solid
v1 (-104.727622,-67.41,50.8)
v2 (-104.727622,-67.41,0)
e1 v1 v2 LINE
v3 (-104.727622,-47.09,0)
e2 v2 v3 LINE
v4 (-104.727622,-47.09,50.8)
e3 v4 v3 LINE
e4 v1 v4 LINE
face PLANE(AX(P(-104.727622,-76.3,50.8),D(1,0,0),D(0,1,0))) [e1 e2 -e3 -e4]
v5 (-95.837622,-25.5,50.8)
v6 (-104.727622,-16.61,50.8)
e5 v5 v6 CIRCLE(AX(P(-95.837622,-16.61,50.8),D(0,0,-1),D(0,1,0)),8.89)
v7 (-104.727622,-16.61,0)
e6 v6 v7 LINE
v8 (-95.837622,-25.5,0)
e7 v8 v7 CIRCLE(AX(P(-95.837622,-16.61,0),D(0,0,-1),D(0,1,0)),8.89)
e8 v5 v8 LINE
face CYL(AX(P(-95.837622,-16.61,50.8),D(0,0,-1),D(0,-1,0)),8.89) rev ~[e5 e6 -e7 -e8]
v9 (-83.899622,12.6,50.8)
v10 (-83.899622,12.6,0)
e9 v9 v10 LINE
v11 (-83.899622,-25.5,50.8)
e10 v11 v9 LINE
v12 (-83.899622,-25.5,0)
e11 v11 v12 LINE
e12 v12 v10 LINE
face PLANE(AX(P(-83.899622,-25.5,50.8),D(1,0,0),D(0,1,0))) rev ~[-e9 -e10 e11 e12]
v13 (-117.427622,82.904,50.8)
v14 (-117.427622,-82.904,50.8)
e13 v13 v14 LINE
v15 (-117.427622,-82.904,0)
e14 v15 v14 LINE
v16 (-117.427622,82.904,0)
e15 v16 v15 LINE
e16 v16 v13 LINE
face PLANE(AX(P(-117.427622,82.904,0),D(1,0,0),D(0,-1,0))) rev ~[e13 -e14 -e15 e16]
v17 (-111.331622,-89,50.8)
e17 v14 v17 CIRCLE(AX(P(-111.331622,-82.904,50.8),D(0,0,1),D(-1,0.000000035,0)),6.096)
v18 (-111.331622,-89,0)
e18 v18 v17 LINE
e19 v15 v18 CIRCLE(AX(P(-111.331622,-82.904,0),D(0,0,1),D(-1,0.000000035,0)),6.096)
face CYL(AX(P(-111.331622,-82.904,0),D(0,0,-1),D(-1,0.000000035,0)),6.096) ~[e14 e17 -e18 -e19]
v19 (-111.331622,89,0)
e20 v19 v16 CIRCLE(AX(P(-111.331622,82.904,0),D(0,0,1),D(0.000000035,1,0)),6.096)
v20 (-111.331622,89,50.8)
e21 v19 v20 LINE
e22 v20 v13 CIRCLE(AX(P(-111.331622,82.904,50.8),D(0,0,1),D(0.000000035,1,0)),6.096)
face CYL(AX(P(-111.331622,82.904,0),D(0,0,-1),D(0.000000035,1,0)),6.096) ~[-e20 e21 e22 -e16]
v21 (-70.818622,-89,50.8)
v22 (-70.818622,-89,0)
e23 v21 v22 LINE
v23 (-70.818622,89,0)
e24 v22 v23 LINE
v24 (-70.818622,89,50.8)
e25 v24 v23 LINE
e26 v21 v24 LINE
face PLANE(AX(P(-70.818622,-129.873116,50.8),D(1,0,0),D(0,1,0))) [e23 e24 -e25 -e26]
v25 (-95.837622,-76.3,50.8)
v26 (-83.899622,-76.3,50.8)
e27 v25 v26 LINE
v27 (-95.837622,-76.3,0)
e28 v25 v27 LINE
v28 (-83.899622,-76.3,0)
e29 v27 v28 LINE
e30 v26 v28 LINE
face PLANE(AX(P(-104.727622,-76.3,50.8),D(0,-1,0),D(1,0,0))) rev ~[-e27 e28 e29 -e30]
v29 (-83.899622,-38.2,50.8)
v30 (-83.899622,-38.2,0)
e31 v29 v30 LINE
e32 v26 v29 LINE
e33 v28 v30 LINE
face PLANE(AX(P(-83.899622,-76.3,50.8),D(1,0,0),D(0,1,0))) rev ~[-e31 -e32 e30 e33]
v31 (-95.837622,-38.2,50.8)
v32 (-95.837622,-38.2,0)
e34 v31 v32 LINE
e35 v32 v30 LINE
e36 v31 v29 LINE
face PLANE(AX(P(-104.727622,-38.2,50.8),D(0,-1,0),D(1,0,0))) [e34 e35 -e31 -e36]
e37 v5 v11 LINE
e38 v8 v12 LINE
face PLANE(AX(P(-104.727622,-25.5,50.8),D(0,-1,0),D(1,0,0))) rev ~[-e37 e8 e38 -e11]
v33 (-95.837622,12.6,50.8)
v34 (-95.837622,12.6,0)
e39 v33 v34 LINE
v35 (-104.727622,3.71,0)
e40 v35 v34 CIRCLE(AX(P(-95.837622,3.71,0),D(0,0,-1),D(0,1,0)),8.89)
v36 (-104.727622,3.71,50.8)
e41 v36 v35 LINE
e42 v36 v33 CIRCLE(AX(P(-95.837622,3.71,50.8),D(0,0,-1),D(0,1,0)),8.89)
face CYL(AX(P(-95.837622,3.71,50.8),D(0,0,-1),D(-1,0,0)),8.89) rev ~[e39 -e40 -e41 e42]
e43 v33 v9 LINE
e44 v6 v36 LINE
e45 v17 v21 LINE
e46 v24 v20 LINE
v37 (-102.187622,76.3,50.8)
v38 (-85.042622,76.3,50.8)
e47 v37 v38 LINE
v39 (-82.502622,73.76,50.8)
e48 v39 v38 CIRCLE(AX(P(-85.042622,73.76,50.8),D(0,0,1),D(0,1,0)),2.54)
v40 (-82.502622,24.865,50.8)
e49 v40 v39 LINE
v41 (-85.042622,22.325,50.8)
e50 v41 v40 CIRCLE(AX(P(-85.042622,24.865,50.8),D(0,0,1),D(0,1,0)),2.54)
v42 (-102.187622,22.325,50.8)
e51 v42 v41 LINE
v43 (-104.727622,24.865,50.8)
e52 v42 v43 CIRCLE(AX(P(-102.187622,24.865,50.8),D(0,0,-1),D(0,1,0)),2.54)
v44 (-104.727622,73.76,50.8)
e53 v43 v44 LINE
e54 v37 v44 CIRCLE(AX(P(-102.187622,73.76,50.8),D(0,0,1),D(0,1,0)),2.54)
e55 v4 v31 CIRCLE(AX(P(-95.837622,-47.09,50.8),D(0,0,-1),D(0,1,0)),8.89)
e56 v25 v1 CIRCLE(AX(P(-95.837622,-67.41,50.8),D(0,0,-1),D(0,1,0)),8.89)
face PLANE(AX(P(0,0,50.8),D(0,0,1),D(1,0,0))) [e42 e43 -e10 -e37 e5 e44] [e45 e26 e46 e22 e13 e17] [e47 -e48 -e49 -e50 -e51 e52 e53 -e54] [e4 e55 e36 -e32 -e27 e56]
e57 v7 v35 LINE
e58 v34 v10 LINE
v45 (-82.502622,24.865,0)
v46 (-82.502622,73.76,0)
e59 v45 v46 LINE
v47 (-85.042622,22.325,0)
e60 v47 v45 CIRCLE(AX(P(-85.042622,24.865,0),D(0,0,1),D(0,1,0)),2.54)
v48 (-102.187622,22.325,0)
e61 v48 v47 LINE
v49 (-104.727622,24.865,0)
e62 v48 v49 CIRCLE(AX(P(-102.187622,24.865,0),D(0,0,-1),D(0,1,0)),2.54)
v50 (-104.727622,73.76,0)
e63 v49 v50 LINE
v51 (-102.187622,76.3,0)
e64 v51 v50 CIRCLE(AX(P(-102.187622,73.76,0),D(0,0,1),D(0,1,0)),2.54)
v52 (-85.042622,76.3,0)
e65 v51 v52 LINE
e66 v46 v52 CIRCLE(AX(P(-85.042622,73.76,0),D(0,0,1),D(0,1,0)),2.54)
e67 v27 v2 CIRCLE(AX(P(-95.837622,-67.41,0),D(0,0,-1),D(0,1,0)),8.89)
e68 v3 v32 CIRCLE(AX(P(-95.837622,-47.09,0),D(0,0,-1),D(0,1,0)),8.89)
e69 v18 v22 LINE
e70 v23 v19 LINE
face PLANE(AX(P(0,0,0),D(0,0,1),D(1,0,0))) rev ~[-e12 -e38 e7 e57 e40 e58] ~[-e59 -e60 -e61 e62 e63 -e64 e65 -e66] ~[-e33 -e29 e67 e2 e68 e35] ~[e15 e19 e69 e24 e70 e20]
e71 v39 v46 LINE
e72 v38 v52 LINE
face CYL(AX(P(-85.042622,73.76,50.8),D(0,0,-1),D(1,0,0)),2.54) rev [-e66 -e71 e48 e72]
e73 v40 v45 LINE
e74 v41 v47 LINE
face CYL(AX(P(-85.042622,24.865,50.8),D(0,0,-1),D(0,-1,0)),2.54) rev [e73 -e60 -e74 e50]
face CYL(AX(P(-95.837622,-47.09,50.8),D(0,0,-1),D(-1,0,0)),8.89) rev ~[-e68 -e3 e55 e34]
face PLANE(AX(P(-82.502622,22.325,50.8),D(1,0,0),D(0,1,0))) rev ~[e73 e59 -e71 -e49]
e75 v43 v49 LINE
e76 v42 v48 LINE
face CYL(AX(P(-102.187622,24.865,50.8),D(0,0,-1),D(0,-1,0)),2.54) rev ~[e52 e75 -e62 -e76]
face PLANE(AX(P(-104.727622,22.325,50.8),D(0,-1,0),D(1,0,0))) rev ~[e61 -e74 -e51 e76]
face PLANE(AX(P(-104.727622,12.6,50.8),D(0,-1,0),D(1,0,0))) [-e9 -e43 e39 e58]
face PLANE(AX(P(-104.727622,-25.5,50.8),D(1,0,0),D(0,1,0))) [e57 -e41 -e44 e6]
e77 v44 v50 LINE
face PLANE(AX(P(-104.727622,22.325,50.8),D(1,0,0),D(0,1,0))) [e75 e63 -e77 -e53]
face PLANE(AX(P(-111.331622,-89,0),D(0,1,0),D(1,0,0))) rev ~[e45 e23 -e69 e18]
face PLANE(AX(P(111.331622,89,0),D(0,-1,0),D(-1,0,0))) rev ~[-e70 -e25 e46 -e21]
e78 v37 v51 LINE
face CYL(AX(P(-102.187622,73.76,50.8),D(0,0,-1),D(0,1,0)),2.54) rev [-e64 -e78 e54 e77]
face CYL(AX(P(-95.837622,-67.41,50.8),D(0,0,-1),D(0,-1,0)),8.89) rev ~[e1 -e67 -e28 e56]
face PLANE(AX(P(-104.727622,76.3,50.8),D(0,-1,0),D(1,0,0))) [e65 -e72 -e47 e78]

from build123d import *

# Parameters (mm, degrees)
F1_DEPTH = 50.8
F2_W     = 20.828
F2_H     = 38.1
F3_DEPTH = 50.8
F4_W     = 22.225
F4_H     = 53.975
F5_DEPTH = 50.8
F6_R     = 8.89
F7_R     = 2.54
F8_W     = 276.807827
F8_H     = 218.873116
F9_DEPTH = 50.8


with BuildPart() as f1:
    # F0 (on Top) → F1 (new body)
    with BuildSketch(Plane.XY):
        with BuildLine():
            ThreePointArc((-111.331622, 89), (-115.642145, 87.214523), (-117.427622, 82.904))
            Line((-117.427622, 82.904), (-117.427622, -82.904))
            ThreePointArc((-117.427622, -82.904), (-115.642145, -87.214523), (-111.331622, -89))
            Line((-111.331622, -89), (111.331622, -89))
            ThreePointArc((111.331622, -89), (115.642145, -87.214523), (117.427622, -82.904))
            Line((117.427622, -82.904), (117.427622, 82.904))
            ThreePointArc((117.427622, 82.904), (115.642145, 87.214523), (111.331622, 89))
            Line((111.331622, 89), (-111.331622, 89))
        make_face()
        with BuildLine():
            ThreePointArc((-60.918022, -10.802655), (-61.609639, -0.559986), (-60.913995, 9.68241))
            Line((-60.913995, 9.68241), (-55.212554, 14.261207))
            ThreePointArc((-55.212554, 14.261207), (-45.748511, 39.77658), (-28.391702, 60.737103))
            Line((-28.391702, 60.737103), (-27.407633, 67.742944))
            ThreePointArc((-27.407633, 67.742944), (-18.790824, 73.526894), (-9.485241, 78.121416))
            Line((-9.485241, 78.121416), (-2.738388, 75.428307))
            ThreePointArc((-2.738388, 75.428307), (24.098624, 80.048241), (50.935831, 75.42944))
            Line((50.935831, 75.42944), (57.610091, 78.186609))
            ThreePointArc((57.610091, 78.186609), (66.892407, 73.605247), (75.516596, 67.880422))
            Line((75.516596, 67.880422), (76.520517, 60.753405))
            ThreePointArc((76.520517, 60.753405), (79.783196, 57.954312), (82.843276, 54.935057))
            ThreePointArc((82.843276, 54.935057), (104.449894, 47.071779), (100.407804, 24.436881))
            ThreePointArc((100.407804, 24.436881), (101.514269, 20.155202), (102.319921, 15.806873))
            Line((102.319921, 15.806873), (108.049072, 10.873495))
            ThreePointArc((108.049072, 10.873495), (108.709842, 0.589153), (108.105719, -9.698672))
            Line((108.105719, -9.698672), (102.348457, -13.775574))
            ThreePointArc((102.348457, -13.775574), (92.855411, -39.306001), (75.46826, -60.272823))
            Line((75.46826, -60.272823), (74.544008, -67.341163))
            ThreePointArc((74.544008, -67.341163), (66.082602, -73.324939), (56.891661, -78.113213))
            Line((56.891661, -78.113213), (50.250983, -75.428069))
            ThreePointArc((50.250983, -75.428069), (23.341097, -80.124901), (-3.581639, -75.502299))
            Line((-3.581639, -75.502299), (-10.28992, -78.054152))
            ThreePointArc((-10.28992, -78.054152), (-19.562426, -73.562391), (-28.115124, -67.817248))
            Line((-28.115124, -67.817248), (-29.074377, -60.66791))
            ThreePointArc((-29.074377, -60.66791), (-32.330068, -57.869325), (-35.398386, -54.86649))
            ThreePointArc((-35.398386, -54.86649), (-59.811696, -48.379935), (-53.325141, -23.966625))
            ThreePointArc((-53.325141, -23.966625), (-54.434448, -19.687429), (-55.222977, -15.337682))
            Line((-55.222977, -15.337682), (-60.918022, -10.802655))
        make_face(mode=Mode.SUBTRACT)
    extrude(amount=F1_DEPTH)

    # F2 (on face) → F3 (cut)
    with BuildSketch(Plane.XY.offset(50.8)):
        with Locations((-94.313622, -57.25)):
            Rectangle(F2_W, F2_H)
        with Locations((-94.313622, -6.45)):
            Rectangle(F2_W, F2_H)
    extrude(amount=-F3_DEPTH, mode=Mode.SUBTRACT)

    # F4 (on face) → F5 (cut)
    with BuildSketch(Plane.XY.offset(50.8)):
        with Locations((-93.615122, 49.3125)):
            Rectangle(F4_W, F4_H)
    extrude(amount=-F5_DEPTH, mode=Mode.SUBTRACT)

    # F6
    f6_edges = [f1.edges().sort_by_distance(p)[0] for p in [
        (-104.727622, 12.6, 25.4),
        (-104.727622, -38.2, 25.4),
        (-104.727622, -25.5, 25.4),
        (-104.727622, -76.3, 25.4),
    ]]
    fillet(f6_edges, radius=F6_R)

    # F7
    f7_edges = [f1.edges().sort_by_distance(p)[0] for p in [
        (-82.502622, 76.3, 25.4),
        (-104.727622, 76.3, 25.4),
        (-82.502622, 22.325, 25.4),
        (-104.727622, 22.325, 25.4),
    ]]
    fillet(f7_edges, radius=F7_R)

    # F8 (on face) → F9 (cut)
    with BuildSketch(Plane.XY.offset(50.8)):
        with Locations((67.585292, -20.436558)):
            Rectangle(F8_W, F8_H)
    extrude(amount=-F9_DEPTH, mode=Mode.SUBTRACT)


solid = f1.part
